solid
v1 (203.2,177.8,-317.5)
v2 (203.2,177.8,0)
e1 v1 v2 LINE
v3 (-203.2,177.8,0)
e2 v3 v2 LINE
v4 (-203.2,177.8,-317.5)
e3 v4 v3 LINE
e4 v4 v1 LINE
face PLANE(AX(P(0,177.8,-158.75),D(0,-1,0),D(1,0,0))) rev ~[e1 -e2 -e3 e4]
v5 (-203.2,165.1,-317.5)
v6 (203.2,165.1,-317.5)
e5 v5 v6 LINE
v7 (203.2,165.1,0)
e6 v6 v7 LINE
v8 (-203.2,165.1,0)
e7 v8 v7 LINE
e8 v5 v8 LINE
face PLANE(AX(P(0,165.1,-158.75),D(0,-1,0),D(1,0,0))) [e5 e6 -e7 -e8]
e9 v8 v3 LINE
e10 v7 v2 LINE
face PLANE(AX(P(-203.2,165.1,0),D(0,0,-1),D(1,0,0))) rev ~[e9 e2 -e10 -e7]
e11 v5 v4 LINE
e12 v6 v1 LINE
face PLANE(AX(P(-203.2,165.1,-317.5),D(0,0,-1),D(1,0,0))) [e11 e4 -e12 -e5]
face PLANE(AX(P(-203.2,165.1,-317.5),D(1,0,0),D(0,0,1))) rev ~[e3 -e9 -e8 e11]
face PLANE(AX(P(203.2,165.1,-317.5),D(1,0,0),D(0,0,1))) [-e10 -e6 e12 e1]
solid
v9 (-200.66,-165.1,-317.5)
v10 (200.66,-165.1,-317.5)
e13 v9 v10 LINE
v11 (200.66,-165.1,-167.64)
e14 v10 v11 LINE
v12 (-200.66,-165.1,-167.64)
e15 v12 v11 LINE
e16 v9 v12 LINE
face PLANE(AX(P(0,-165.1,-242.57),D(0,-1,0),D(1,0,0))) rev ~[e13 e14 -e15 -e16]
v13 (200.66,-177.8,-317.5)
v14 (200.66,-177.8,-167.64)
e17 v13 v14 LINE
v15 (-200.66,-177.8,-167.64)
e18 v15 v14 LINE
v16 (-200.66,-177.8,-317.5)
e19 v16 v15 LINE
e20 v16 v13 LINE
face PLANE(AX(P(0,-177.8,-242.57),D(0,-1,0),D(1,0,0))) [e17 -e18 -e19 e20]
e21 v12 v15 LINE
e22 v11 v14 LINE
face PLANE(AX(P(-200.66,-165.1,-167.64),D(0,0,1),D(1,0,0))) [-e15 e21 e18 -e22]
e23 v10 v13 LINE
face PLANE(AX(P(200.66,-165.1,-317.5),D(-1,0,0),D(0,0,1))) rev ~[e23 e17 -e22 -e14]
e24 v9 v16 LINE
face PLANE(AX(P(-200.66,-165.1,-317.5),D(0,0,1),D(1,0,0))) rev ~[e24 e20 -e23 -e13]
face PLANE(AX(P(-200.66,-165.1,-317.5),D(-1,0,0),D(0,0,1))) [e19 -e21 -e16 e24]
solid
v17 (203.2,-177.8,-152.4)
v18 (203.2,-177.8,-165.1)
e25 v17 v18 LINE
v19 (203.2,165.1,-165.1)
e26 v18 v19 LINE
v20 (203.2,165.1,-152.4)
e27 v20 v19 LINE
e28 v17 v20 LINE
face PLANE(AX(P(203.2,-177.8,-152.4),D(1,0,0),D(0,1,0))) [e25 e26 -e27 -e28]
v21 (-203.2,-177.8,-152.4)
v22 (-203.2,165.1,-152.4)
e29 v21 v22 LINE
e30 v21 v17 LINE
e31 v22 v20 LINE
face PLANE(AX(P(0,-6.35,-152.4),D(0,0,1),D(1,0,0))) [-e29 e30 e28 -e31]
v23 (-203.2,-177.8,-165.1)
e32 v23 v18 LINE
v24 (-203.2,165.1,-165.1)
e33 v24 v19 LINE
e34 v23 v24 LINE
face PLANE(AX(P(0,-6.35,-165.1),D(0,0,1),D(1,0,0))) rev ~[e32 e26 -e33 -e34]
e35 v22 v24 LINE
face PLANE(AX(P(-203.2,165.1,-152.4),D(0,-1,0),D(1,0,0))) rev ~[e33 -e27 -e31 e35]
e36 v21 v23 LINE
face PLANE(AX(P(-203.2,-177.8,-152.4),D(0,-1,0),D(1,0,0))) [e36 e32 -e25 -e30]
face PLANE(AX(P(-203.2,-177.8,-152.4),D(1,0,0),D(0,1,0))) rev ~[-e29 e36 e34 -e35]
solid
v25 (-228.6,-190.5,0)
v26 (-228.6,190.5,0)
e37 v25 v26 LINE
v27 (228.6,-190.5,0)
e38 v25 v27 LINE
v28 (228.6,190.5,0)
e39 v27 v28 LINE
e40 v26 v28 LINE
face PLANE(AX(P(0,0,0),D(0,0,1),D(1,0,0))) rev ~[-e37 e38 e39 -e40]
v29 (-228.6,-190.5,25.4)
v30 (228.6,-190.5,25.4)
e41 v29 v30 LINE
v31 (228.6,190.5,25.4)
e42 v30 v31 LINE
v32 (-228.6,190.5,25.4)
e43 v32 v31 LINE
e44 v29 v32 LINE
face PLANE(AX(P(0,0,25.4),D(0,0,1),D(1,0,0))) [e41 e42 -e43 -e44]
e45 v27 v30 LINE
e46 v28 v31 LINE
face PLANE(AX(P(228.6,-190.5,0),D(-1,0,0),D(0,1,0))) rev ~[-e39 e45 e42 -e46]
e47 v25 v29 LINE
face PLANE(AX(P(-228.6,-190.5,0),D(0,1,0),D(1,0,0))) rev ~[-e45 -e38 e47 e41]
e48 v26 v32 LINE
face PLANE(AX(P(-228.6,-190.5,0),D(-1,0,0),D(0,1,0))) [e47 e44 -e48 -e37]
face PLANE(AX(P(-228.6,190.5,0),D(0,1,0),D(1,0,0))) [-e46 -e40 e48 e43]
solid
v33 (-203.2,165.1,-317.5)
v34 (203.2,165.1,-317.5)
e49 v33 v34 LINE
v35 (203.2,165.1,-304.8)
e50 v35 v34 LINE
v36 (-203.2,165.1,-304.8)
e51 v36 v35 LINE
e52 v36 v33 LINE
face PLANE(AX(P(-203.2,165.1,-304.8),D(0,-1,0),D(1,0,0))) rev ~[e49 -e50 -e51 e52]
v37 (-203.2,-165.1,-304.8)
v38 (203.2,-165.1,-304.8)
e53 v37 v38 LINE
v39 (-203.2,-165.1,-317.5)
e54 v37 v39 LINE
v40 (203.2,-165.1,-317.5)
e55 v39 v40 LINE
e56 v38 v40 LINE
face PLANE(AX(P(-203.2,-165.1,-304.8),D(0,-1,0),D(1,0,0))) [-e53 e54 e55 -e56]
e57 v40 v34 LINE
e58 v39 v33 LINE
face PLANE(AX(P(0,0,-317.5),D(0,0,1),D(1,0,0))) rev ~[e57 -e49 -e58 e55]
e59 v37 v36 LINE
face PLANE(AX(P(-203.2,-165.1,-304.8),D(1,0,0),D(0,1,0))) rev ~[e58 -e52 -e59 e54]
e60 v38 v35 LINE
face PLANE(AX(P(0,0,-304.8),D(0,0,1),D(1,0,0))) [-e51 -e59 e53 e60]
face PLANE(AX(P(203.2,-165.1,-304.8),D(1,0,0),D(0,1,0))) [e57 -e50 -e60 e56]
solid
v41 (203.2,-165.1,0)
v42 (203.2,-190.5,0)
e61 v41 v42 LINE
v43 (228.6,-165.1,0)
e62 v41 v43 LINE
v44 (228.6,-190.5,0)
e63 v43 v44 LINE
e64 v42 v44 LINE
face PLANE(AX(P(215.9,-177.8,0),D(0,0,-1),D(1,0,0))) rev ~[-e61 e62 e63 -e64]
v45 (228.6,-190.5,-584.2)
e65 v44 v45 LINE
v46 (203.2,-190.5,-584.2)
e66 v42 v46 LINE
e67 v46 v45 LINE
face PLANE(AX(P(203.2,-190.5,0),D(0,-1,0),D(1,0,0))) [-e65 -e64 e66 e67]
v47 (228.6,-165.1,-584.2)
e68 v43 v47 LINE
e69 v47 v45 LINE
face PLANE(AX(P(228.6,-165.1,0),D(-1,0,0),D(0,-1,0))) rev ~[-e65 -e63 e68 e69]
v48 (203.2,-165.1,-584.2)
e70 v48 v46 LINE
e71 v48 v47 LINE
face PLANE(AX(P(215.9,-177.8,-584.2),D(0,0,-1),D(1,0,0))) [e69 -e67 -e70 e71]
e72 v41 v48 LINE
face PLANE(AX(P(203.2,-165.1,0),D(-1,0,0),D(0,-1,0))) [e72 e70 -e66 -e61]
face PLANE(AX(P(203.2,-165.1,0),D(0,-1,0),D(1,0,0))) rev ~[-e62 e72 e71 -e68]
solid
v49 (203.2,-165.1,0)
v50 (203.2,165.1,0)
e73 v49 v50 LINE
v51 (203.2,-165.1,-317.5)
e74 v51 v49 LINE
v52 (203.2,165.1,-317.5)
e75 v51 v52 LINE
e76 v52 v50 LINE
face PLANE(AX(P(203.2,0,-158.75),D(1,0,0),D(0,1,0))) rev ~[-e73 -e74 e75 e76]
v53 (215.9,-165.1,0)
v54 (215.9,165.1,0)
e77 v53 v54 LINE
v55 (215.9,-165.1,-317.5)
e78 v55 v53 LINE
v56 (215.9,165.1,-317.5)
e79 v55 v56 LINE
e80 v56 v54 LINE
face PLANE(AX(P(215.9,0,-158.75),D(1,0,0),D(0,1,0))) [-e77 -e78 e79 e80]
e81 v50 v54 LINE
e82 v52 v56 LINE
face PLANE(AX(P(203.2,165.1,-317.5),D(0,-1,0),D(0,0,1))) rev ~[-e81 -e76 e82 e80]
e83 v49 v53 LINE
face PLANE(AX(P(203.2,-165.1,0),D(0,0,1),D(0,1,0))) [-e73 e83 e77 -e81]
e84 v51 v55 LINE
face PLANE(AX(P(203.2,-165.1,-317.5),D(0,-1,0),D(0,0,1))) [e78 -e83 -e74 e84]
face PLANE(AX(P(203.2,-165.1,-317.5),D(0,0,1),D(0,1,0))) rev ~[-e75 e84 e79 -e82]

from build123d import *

# Parameters (mm, degrees)
F0_W      = 457.2
F0_H      = 381
F1_DEPTH  = 25.4
F2_W      = 25.4
F2_H      = 25.4
F3_DEPTH  = 584.2
F5_W      = 406.4
F5_H      = 330.2
F6_DEPTH  = 12.7
F8_W      = 330.2
F8_H      = 317.5
F9_DEPTH  = 12.7
F11_W     = 406.4
F11_H     = 317.5
F12_DEPTH = 12.7
F14_W     = 401.32
F14_H     = 149.86
F15_DEPTH = 12.7
F17_W     = 406.4
F17_H     = 342.9
F18_DEPTH = 12.7


with BuildPart() as f1:
    # F0 (on Top) → F1 (new body)
    with BuildSketch(Plane.XY):
        Rectangle(F0_W, F0_H)
    extrude(amount=F1_DEPTH)


with BuildPart() as f3:
    # F2 (on face) → F3 (new body)
    with BuildSketch(Plane(origin=(0, 0, 0), x_dir=(1, 0, 0), z_dir=(0, 0, -1))):
        with Locations((215.9, 177.8)):
            Rectangle(F2_W, F2_H)
    extrude(amount=F3_DEPTH)


with BuildPart() as f6:
    # F5 (on offset) → F6 (new body)
    with BuildSketch(Plane.XY.offset(-304.8)):
        Rectangle(F5_W, F5_H)
    extrude(amount=-F6_DEPTH)


with BuildPart() as f9:
    # F8 (on offset) → F9 (new body)
    with BuildSketch(Plane.YZ.offset(203.2)):
        with Locations((0, -158.75)):
            Rectangle(F8_W, F8_H)
    extrude(amount=F9_DEPTH)


with BuildPart() as f12:
    # F11 (on offset) → F12 (new body)
    with BuildSketch(Plane.XZ.offset(-165.1)):
        with Locations((0, -158.75)):
            Rectangle(F11_W, F11_H)
    extrude(amount=-F12_DEPTH)


with BuildPart() as f15:
    # F14 (on offset) → F15 (new body)
    with BuildSketch(Plane.XZ.offset(165.1)):
        with Locations((0, -242.57)):
            Rectangle(F14_W, F14_H)
    extrude(amount=F15_DEPTH)


with BuildPart() as f18:
    # F17 (on offset) → F18 (new body)
    with BuildSketch(Plane.XY.offset(-152.4)):
        with Locations((0, -6.35)):
            Rectangle(F17_W, F17_H)
    extrude(amount=-F18_DEPTH)


solid = Compound([f1.part, f3.part, f6.part, f9.part, f12.part, f15.part, f18.part])
